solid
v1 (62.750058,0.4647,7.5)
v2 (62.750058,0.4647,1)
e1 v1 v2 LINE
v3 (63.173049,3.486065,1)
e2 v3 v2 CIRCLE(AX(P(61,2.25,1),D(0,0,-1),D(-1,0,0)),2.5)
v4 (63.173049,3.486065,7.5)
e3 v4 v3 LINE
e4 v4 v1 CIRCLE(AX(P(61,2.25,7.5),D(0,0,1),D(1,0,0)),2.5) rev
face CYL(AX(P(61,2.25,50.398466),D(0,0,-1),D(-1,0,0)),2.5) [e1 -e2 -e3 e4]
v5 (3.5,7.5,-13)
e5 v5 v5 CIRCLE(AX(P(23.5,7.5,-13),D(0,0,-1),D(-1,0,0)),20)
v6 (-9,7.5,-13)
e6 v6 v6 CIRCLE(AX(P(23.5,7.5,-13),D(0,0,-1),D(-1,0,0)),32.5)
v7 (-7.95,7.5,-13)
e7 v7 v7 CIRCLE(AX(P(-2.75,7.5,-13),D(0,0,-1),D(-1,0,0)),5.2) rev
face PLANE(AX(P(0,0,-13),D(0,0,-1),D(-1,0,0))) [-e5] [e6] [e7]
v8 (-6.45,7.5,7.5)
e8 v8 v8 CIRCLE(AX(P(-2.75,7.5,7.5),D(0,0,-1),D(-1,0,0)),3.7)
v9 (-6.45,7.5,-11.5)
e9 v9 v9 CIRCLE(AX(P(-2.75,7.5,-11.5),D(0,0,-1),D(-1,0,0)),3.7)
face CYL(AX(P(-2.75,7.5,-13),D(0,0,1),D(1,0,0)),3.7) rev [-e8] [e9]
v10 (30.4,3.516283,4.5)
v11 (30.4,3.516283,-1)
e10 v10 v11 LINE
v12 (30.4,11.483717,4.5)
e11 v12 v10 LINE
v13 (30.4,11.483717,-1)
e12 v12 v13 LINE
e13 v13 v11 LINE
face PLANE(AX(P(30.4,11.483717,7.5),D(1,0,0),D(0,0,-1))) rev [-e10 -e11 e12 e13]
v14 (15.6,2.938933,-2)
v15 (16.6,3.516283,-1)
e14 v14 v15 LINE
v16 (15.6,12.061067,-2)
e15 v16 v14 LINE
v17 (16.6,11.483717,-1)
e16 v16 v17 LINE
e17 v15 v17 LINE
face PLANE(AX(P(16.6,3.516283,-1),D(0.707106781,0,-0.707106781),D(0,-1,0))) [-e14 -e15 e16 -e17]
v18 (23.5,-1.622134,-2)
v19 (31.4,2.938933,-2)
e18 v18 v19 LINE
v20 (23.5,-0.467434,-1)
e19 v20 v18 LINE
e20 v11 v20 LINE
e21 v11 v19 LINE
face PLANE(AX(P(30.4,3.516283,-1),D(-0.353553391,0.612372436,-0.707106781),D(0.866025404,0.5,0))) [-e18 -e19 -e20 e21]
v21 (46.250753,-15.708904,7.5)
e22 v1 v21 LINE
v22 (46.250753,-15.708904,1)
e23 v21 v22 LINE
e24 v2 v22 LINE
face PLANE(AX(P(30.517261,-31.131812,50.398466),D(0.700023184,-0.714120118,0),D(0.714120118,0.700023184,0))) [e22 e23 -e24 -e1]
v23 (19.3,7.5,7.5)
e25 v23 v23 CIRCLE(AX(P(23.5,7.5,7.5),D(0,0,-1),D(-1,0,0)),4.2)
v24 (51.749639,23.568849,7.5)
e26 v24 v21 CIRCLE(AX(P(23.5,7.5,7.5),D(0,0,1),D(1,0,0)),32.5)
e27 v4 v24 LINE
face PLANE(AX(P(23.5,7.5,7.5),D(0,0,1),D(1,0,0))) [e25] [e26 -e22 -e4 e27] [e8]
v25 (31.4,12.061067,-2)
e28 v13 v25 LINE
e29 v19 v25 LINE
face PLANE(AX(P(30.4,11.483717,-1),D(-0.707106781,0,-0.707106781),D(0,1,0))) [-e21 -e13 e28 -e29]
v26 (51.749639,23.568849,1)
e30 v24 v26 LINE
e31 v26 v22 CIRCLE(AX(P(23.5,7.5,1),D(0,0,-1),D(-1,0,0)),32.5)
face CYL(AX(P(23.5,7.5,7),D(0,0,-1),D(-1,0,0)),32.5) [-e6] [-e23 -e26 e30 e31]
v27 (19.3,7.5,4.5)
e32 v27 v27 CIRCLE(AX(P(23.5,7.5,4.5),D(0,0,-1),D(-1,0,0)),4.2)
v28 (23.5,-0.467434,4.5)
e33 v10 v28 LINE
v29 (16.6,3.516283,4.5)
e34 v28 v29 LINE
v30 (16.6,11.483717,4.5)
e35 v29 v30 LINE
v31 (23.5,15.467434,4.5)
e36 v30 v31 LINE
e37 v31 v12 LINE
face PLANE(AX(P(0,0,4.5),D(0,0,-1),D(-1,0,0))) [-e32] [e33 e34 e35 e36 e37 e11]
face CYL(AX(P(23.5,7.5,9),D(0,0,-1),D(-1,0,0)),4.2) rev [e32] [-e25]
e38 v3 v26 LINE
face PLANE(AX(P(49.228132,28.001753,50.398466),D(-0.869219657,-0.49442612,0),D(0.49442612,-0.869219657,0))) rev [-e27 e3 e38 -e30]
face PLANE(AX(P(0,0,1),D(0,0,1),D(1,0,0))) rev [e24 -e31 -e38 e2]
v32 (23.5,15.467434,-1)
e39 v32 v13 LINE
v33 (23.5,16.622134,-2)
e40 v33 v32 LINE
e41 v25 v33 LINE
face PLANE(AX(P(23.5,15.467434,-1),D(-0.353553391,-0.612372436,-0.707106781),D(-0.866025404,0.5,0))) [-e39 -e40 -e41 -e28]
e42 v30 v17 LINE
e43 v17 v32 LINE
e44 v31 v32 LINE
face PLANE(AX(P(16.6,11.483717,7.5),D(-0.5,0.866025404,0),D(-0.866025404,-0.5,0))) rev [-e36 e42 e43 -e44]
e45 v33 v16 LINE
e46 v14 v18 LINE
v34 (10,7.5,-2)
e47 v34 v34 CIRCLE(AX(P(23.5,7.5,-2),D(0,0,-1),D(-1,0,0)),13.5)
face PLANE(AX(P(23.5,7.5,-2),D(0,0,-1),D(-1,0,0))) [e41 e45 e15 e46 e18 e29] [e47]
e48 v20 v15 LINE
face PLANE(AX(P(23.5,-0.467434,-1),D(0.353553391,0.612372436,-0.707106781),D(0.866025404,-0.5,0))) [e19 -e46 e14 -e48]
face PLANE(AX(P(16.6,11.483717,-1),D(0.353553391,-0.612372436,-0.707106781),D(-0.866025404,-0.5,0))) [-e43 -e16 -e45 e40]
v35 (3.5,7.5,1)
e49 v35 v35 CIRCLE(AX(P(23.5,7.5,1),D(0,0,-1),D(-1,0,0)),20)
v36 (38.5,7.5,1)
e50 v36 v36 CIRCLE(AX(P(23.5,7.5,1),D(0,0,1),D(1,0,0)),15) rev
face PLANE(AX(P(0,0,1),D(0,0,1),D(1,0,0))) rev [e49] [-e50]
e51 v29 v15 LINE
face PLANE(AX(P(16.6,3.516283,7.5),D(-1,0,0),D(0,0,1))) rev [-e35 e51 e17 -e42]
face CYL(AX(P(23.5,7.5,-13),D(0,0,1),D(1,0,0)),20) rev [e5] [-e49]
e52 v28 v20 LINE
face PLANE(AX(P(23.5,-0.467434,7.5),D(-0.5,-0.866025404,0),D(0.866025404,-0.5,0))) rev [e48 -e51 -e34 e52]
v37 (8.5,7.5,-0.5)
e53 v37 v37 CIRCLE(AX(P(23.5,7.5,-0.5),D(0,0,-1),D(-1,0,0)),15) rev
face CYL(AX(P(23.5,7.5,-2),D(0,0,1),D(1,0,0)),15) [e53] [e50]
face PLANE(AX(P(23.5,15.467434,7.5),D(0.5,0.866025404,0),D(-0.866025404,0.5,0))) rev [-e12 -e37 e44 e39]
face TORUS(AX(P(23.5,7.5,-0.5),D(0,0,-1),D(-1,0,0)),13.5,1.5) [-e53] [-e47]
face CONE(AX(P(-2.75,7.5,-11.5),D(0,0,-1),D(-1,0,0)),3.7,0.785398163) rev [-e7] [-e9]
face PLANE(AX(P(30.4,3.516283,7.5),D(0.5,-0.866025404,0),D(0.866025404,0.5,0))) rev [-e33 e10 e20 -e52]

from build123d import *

# Parameters (mm, degrees)
SKETCH2_R               = 32.5
BOSS_EXTRUDE1_DEPTH     = 6
SKETCH3_R               = 32.5
BOSS_EXTRUDE2_DEPTH     = 2
CHAMFER1_SIZE           = 2
CUT_EXTRUDE1_DEPTH      = 6.5
SKETCH5_R               = 4.2
CUT_EXTRUDE2_DEPTH      = 70.12488698
CUT_EXTRUDE3_DEPTH      = 70.079664157
SKETCH8_R               = 15
BOSS_EXTRUDE3_DEPTH     = 3
BOSS_EXTRUDE4_START     = 3
SKETCH9_R               = 4.2
BOSS_EXTRUDE4_DEPTH     = 3
CUT_EXTRUDE5_START      = -3
SKETCH10_R              = 32.5
CUT_EXTRUDE5_DEPTH      = 3
FILLET1_R               = 1.5
SKETCH11_R              = 32.5
BOSS_EXTRUDE5_DEPTH     = 1.5
SKETCH12_R              = 4.2
CUT_EXTRUDE6_DEPTH      = 70.282032303
CHAMFER2_SIZE           = 1
BOSS_EXTRUDE6_DEPTH     = 6.5
BOSS_EXTRUDE8_START     = -6.5
BOSS_EXTRUDE8_DEPTH     = 6.5
BOSS_EXTRUDE10_START    = 14
SKETCH16_R              = 32.5
SKETCH16_R_2            = 20
SKETCH16_R_3            = 3.7
BOSS_EXTRUDE10_DEPTH    = 14
CHAMFER3_SIZE           = 1.5
CUT_EXTRUDE7_DEPTH      = 77.342976101
CUT_EXTRUDE7_DEPTH_BACK = 77.342976101
SKETCH17_R              = 3.7


with BuildPart() as part:
    # Sketch2 → Boss-Extrude1 (new body)
    with BuildSketch(Plane.XY.offset(1)):
        with Locations((23.5, 7.5)):
            Circle(SKETCH2_R)
        with BuildLine():
            Line((-3.5, 0), (-3.5, 15))
            ThreePointArc((-3.5, 15), (0, 18.5), (3.5, 15))
            Line((3.5, 15), (3.5, 0))
            ThreePointArc((3.5, 0), (0, -3.5), (-3.5, 0))
        make_face(mode=Mode.SUBTRACT)
    extrude(amount=BOSS_EXTRUDE1_DEPTH)

    # Sketch3 → Boss-Extrude2 (add)
    with BuildSketch(Plane.XY.offset(7)):
        with Locations((23.5, 7.5)):
            Circle(SKETCH3_R)
    extrude(amount=BOSS_EXTRUDE2_DEPTH)

    # Chamfer1
    chamfer1_edges = [part.edges().sort_by_distance(p)[0] for p in [
        (-3.5, 7.5, 1),
        (0, -3.5, 1),
        (3.5, 7.5, 1),
        (0, 18.5, 1),
    ]]
    chamfer(chamfer1_edges, length=CHAMFER1_SIZE)

    # Sketch4 → Cut-Extrude1 (cut)
    with BuildSketch(Plane(origin=(0, 0, 1), x_dir=(-1, 0, 0), z_dir=(0, 0, -1))):
        Polygon((-23.5, 15.467433715), (-30.4, 11.483716857), (-30.4, 3.516283143), (-23.5, -0.467433715), (-16.6, 3.516283143), (-16.6, 11.483716857), align=None)
    extrude(amount=-CUT_EXTRUDE1_DEPTH, mode=Mode.SUBTRACT)

    # Sketch5 → Cut-Extrude2 (cut, through all)
    with BuildSketch(Plane(origin=(0, 0, 7.5), x_dir=(-1, 0, 0), z_dir=(0, 0, -1))):
        with Locations((-23.5, 7.5)):
            Circle(SKETCH5_R)
    extrude(amount=-CUT_EXTRUDE2_DEPTH, mode=Mode.SUBTRACT)

    # Sketch6 → Cut-Extrude3 (cut, through all)
    with BuildSketch(Plane(origin=(0, 0, 7), x_dir=(-1, 0, 0), z_dir=(0, 0, -1))):
        with BuildLine():
            Line((-3.5, 15), (-3.5, 0))
            ThreePointArc((-3.5, 0), (0, -3.5), (3.5, 0))
            Line((3.5, 0), (3.5, 15))
            ThreePointArc((3.5, 15), (0, 18.5), (-3.5, 15))
        make_face()
    extrude(amount=-CUT_EXTRUDE3_DEPTH, mode=Mode.SUBTRACT)

    # Sketch8 → Boss-Extrude3 (add)
    with BuildSketch(Plane(origin=(0, 0, 1), x_dir=(-1, 0, 0), z_dir=(0, 0, -1))):
        with Locations(Location((-23.5, 7.5, 0), (0, 0, 180))):
            Circle(SKETCH8_R)
        Polygon((-16.6, 3.516283143), (-16.6, 11.483716857), (-23.5, 15.467433715), (-30.4, 11.483716857), (-30.4, 3.516283143), (-23.5, -0.467433715), align=None, mode=Mode.SUBTRACT)
    extrude(amount=BOSS_EXTRUDE3_DEPTH)

    # Sketch9 → Boss-Extrude4 (add)
    with BuildSketch(Plane(origin=(0, 0, 7.5), x_dir=(-1, 0, 0), z_dir=(0, 0, -1)).offset(BOSS_EXTRUDE4_START)):
        Polygon((-16.6, 11.483716857), (-23.5, 15.467433715), (-30.4, 11.483716857), (-30.4, 3.516283143), (-23.5, -0.467433715), (-16.6, 3.516283143), align=None)
        with Locations((-23.5, 7.5)):
            Circle(SKETCH9_R, mode=Mode.SUBTRACT)
    extrude(amount=-BOSS_EXTRUDE4_DEPTH)

    # Sketch10 → Cut-Extrude5 (cut)
    with BuildSketch(Plane.XY.offset(9).offset(CUT_EXTRUDE5_START)):
        with Locations((23.5, 7.5)):
            Circle(SKETCH10_R)
    extrude(amount=CUT_EXTRUDE5_DEPTH, mode=Mode.SUBTRACT)

    # Fillet1
    fillet1_edges = [part.edges().sort_by_distance(p)[0] for p in [
        (8.5, 7.5, -2),
    ]]
    fillet(fillet1_edges, radius=FILLET1_R)

    # Sketch11 → Boss-Extrude5 (add)
    with BuildSketch(Plane.XY.offset(6)):
        with Locations((23.5, 7.5)):
            Circle(SKETCH11_R)
        with BuildLine():
            Line((3.5, 15), (3.5, 0))
            ThreePointArc((3.5, 0), (0, -3.5), (-3.5, 0))
            Line((-3.5, 0), (-3.5, 15))
            ThreePointArc((-3.5, 15), (0, 18.5), (3.5, 15))
        make_face(mode=Mode.SUBTRACT)
    extrude(amount=BOSS_EXTRUDE5_DEPTH)

    # Sketch12 → Cut-Extrude6 (cut, through all)
    with BuildSketch(Plane(origin=(0, 0, 6), x_dir=(-1, 0, 0), z_dir=(0, 0, -1))):
        with Locations((-23.5, 7.5)):
            Circle(SKETCH12_R)
    extrude(amount=-CUT_EXTRUDE6_DEPTH, mode=Mode.SUBTRACT)

    # Chamfer2
    chamfer2_edges = [part.edges().sort_by_distance(p)[0] for p in [
        (20.05, 1.524424714, -2),
        (16.6, 7.5, -2),
        (20.05, 13.475575286, -2),
        (26.95, 13.475575286, -2),
        (30.4, 7.5, -2),
        (26.95, 1.524424714, -2),
    ]]
    chamfer(chamfer2_edges, length=CHAMFER2_SIZE)

    # Sketch13 → Boss-Extrude6 (add)
    with BuildSketch(Plane(origin=(0, 0, 1), x_dir=(-1, 0, 0), z_dir=(0, 0, -1))):
        with BuildLine():
            Line((-51.749638846, 23.568848902), (-63.173049142, 3.4860653))
            ThreePointArc((-63.173049142, 3.4860653), (-63.475854367, 1.903380389), (-62.750057959, 0.464699706))
            Line((-62.750057959, 0.464699706), (-46.250753464, -15.708903826))
            ThreePointArc((-46.250753464, -15.708903826), (-55.686106767, 2.993945053), (-51.749638846, 23.568848902))
        make_face()
    extrude(amount=-BOSS_EXTRUDE6_DEPTH)

    # Sketch15 → Boss-Extrude8 (add)
    with BuildSketch(Plane.XY.offset(7.5).offset(BOSS_EXTRUDE8_START)):
        with BuildLine():
            Line((46.250753464, -15.708903826), (62.750057959, 0.464699706))
            ThreePointArc((62.750057959, 0.464699706), (63.475854367, 1.903380389), (63.173049142, 3.4860653))
            Line((63.173049142, 3.4860653), (51.749638846, 23.568848902))
            ThreePointArc((51.749638846, 23.568848902), (-8.686106767, 12.006054947), (46.250753464, -15.708903826))
        make_face()
        Polygon((23.5, -0.467433715), (16.6, 3.516283143), (16.6, 11.483716857), (23.5, 15.467433715), (30.4, 11.483716857), (30.4, 3.516283143), align=None, mode=Mode.SUBTRACT)
    extrude(amount=BOSS_EXTRUDE8_DEPTH)

    # Sketch16 → Boss-Extrude10 (add)
    with BuildSketch(Plane(origin=(0, 0, 1), x_dir=(-1, 0, 0), z_dir=(0, 0, -1)).offset(BOSS_EXTRUDE10_START)):
        with Locations((-23.5, 7.5)):
            Circle(SKETCH16_R)
        with Locations((-23.5, 7.5)):
            Circle(SKETCH16_R_2, mode=Mode.SUBTRACT)
        with Locations((2.75, 7.5)):
            Circle(SKETCH16_R_3, mode=Mode.SUBTRACT)
    extrude(amount=-BOSS_EXTRUDE10_DEPTH)

    # Chamfer3
    chamfer3_edges = [part.edges().sort_by_distance(p)[0] for p in [
        (0.95, 7.5, -13),
    ]]
    chamfer(chamfer3_edges, length=CHAMFER3_SIZE)

    # Sketch17 → Cut-Extrude7 (cut, two sides: drawn at the far end of the back side and taken through both)
    with BuildSketch(Plane(origin=(0, 0, 1), x_dir=(-1, 0, 0), z_dir=(0, 0, -1)).offset(-CUT_EXTRUDE7_DEPTH_BACK)):
        with Locations((2.75, 7.5)):
            Circle(SKETCH17_R)
    extrude(amount=CUT_EXTRUDE7_DEPTH + CUT_EXTRUDE7_DEPTH_BACK, mode=Mode.SUBTRACT)


solid = part.part
